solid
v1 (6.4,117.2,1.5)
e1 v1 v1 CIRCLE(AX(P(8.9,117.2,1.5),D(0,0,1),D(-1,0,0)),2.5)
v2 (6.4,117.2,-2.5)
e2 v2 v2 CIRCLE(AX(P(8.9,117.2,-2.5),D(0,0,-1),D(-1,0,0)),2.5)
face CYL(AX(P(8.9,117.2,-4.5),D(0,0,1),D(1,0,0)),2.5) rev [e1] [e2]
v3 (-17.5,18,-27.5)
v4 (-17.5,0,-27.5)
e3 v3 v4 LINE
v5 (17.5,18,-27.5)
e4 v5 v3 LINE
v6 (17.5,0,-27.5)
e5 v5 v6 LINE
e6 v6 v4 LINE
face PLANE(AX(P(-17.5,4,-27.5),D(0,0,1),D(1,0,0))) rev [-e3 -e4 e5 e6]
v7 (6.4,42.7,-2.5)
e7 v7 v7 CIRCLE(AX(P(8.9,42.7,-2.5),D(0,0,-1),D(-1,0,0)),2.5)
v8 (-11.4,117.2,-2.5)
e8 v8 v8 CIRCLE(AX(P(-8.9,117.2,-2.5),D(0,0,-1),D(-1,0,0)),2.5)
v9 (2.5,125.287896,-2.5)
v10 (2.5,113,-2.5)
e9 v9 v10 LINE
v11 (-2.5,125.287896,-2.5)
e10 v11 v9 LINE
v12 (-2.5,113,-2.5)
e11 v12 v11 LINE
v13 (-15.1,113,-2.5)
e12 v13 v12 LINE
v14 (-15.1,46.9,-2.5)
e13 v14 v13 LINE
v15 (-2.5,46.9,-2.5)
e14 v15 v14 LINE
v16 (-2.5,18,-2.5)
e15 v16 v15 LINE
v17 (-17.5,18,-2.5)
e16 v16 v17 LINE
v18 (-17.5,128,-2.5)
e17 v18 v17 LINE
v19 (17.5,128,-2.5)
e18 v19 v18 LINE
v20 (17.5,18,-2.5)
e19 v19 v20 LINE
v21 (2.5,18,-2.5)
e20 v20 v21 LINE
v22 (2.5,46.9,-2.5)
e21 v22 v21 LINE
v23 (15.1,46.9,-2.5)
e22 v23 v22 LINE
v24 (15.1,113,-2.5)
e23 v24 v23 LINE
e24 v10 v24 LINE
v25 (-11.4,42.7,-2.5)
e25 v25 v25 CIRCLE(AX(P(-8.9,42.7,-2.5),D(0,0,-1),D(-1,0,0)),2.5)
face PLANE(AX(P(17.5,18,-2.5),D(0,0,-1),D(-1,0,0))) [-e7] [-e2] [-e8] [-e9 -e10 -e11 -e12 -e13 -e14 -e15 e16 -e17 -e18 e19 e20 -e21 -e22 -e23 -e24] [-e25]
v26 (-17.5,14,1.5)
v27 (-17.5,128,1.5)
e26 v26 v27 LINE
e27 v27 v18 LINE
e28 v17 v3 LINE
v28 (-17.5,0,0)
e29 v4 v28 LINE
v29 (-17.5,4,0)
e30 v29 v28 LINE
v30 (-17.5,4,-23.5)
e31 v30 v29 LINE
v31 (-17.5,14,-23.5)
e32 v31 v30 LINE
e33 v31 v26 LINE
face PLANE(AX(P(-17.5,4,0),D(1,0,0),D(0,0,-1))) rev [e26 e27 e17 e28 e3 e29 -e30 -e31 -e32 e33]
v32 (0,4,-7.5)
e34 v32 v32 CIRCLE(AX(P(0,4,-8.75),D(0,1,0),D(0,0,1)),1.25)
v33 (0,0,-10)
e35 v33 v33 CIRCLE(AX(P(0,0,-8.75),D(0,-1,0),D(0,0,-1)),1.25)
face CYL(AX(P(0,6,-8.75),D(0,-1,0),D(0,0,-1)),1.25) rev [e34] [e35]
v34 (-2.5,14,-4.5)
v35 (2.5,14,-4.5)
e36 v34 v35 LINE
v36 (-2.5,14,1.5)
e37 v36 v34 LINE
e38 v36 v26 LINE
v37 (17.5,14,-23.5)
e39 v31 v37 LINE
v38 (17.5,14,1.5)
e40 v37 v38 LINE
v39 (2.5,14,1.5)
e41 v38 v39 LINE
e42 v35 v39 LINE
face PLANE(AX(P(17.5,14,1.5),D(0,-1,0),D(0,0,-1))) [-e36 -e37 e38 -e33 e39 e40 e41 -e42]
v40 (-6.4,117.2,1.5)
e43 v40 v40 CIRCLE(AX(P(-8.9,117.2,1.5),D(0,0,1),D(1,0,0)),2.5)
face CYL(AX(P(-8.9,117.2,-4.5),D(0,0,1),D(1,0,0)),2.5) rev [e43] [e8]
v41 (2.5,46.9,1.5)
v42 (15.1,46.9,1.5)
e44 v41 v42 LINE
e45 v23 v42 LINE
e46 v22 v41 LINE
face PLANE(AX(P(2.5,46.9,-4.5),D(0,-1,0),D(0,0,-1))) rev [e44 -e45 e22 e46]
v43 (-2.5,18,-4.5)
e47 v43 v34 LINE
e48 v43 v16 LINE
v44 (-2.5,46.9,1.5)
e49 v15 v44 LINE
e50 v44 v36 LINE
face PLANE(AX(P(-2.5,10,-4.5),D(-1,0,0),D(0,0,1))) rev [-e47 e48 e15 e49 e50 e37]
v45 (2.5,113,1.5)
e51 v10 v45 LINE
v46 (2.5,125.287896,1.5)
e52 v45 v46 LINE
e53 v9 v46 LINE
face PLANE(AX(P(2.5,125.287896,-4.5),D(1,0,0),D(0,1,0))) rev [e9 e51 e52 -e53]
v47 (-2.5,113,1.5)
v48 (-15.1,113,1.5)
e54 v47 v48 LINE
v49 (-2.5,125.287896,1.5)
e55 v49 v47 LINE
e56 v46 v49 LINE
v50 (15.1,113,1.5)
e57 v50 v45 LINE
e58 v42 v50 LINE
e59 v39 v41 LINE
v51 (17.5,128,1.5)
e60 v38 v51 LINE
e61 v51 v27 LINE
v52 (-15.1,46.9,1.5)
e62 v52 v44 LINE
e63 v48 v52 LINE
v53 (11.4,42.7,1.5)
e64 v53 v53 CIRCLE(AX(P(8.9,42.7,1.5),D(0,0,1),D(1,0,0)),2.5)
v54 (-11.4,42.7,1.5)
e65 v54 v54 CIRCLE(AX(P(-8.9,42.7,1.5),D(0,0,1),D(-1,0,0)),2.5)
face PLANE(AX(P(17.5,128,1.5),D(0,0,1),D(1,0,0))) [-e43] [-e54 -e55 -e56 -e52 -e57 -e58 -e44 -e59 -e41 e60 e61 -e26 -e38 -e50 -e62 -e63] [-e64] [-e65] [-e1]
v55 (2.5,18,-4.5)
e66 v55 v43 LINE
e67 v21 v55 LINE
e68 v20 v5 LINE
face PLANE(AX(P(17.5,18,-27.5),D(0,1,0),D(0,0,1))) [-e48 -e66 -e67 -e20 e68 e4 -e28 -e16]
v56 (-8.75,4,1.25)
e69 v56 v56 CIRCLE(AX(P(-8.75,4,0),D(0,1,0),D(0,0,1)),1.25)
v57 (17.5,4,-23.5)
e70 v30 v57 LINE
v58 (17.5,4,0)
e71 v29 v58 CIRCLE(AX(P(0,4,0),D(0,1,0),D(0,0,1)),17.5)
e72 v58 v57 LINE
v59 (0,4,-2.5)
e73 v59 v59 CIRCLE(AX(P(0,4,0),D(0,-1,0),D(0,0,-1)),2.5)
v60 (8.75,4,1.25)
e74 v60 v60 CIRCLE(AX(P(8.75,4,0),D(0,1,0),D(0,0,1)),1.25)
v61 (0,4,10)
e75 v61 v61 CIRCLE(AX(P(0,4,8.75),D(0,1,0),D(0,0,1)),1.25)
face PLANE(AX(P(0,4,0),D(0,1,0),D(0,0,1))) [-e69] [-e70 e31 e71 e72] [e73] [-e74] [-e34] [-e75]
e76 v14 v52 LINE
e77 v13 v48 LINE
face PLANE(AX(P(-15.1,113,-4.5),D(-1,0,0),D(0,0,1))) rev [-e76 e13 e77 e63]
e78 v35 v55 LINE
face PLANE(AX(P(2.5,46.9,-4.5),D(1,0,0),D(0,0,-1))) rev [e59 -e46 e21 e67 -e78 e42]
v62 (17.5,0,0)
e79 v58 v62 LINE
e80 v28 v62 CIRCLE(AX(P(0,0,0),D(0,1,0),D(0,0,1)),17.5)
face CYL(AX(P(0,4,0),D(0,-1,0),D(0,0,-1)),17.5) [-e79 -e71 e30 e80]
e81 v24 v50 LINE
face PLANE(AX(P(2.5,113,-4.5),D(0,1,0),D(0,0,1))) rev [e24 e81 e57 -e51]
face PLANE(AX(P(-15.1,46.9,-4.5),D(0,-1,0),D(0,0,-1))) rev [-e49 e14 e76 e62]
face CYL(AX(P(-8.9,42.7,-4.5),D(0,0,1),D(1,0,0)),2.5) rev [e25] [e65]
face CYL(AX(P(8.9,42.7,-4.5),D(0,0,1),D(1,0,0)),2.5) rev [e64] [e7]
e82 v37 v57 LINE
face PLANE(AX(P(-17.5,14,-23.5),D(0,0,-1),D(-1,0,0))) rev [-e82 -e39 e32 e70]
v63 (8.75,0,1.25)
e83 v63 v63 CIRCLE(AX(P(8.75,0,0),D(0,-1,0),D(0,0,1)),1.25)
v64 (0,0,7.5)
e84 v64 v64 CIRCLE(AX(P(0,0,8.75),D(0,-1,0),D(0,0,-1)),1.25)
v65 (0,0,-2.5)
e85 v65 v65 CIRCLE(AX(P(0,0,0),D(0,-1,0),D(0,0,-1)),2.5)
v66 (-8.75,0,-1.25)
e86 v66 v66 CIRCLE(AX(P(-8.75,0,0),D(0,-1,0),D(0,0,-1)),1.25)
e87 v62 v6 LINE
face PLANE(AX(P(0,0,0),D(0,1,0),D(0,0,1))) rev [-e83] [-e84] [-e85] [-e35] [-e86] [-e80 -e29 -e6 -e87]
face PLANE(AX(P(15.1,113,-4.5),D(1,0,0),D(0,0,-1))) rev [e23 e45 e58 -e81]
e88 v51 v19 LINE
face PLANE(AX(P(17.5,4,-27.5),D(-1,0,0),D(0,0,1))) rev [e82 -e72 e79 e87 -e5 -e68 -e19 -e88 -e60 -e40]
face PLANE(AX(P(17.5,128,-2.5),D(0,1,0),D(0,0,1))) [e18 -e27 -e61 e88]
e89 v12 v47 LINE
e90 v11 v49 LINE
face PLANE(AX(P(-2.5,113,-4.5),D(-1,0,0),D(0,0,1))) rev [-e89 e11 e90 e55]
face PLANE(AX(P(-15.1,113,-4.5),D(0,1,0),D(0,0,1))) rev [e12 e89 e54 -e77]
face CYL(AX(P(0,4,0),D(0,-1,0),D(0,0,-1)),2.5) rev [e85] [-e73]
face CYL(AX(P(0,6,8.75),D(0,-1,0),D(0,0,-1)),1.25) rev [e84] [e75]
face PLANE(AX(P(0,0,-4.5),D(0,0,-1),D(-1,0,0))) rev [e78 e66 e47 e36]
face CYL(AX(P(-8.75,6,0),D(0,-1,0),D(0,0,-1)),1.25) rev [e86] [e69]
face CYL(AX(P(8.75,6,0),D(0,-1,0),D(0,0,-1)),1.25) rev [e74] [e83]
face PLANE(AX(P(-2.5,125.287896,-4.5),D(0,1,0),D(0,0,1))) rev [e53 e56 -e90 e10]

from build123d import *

# Parameters (mm, degrees)
BOSS_EXTRUDE2_DEPTH = 4
SKETCH4_W           = 35
SKETCH4_H           = 4
BOSS_EXTRUDE3_DEPTH = 10
BOSS_EXTRUDE4_DEPTH = 35
SKETCH9_R           = 2.5
CUT_EXTRUDE1_DEPTH  = 6
SKETCH10_R          = 1.25
CUT_EXTRUDE2_DEPTH  = 6
SKETCH11_R          = 2.5
CUT_EXTRUDE3_DEPTH  = 4


with BuildPart() as part:
    # Sketch3 → Boss-Extrude2 (new body)
    with BuildSketch(Plane(origin=(0, 0, 0), x_dir=(1, 0, 0), z_dir=(0, 1, 0))):
        with BuildLine():
            Line((-17.5, 0), (-17.5, 27.5))
            Line((-17.5, 27.5), (17.5, 27.5))
            Line((17.5, 27.5), (17.5, 0))
            ThreePointArc((17.5, 0), (0, -17.5), (-17.5, 0))
        make_face()
    extrude(amount=BOSS_EXTRUDE2_DEPTH)

    # Sketch4 → Boss-Extrude3 (add)
    with BuildSketch(Plane(origin=(0, 4, 0), x_dir=(1, 0, 0), z_dir=(0, 1, 0))):
        with Locations((0, 25.5)):
            Rectangle(SKETCH4_W, SKETCH4_H)
    extrude(amount=BOSS_EXTRUDE3_DEPTH)

    # Sketch6 → Boss-Extrude4 (add)
    with BuildSketch(Plane.ZY.offset(17.5)):
        Polygon((-27.5, 14), (-27.5, 18), (-2.5, 18), (-2.5, 128), (1.5, 128), (1.5, 14), align=None)
    extrude(amount=-BOSS_EXTRUDE4_DEPTH)

    # Sketch9 → Cut-Extrude1 (cut)
    with BuildSketch(Plane.XY.offset(1.5)):
        with Locations((-8.9, 117.2)):
            Circle(SKETCH9_R)
        with Locations((8.9, 117.2)):
            Circle(SKETCH9_R)
        with Locations((-8.9, 42.7)):
            Circle(SKETCH9_R)
        with Locations((8.9, 42.7)):
            Circle(SKETCH9_R)
        Polygon((-15.1, 113), (-2.5, 113), (-2.5, 125.287895972), (0, 125.287895972), (2.5, 125.287895972), (2.5, 113), (15.1, 113), (15.1, 46.9), (2.5, 46.9), (2.5, 10), (-2.5, 10), (-2.5, 46.9), (-15.1, 46.9), align=None)
    extrude(amount=-CUT_EXTRUDE1_DEPTH, mode=Mode.SUBTRACT)

    # Sketch10 → Cut-Extrude2 (cut)
    with BuildSketch(Plane.XZ):
        with Locations((-8.75, 0)):
            Circle(SKETCH10_R)
        with Locations((8.75, 0)):
            Circle(SKETCH10_R)
        with Locations((0, 8.75)):
            Circle(SKETCH10_R)
        with Locations((0, -8.75)):
            Circle(SKETCH10_R)
    extrude(amount=-CUT_EXTRUDE2_DEPTH, mode=Mode.SUBTRACT)

    # Sketch11 → Cut-Extrude3 (cut)
    with BuildSketch(Plane.XZ):
        Circle(SKETCH11_R)
    extrude(amount=-CUT_EXTRUDE3_DEPTH, mode=Mode.SUBTRACT)


solid = part.part
